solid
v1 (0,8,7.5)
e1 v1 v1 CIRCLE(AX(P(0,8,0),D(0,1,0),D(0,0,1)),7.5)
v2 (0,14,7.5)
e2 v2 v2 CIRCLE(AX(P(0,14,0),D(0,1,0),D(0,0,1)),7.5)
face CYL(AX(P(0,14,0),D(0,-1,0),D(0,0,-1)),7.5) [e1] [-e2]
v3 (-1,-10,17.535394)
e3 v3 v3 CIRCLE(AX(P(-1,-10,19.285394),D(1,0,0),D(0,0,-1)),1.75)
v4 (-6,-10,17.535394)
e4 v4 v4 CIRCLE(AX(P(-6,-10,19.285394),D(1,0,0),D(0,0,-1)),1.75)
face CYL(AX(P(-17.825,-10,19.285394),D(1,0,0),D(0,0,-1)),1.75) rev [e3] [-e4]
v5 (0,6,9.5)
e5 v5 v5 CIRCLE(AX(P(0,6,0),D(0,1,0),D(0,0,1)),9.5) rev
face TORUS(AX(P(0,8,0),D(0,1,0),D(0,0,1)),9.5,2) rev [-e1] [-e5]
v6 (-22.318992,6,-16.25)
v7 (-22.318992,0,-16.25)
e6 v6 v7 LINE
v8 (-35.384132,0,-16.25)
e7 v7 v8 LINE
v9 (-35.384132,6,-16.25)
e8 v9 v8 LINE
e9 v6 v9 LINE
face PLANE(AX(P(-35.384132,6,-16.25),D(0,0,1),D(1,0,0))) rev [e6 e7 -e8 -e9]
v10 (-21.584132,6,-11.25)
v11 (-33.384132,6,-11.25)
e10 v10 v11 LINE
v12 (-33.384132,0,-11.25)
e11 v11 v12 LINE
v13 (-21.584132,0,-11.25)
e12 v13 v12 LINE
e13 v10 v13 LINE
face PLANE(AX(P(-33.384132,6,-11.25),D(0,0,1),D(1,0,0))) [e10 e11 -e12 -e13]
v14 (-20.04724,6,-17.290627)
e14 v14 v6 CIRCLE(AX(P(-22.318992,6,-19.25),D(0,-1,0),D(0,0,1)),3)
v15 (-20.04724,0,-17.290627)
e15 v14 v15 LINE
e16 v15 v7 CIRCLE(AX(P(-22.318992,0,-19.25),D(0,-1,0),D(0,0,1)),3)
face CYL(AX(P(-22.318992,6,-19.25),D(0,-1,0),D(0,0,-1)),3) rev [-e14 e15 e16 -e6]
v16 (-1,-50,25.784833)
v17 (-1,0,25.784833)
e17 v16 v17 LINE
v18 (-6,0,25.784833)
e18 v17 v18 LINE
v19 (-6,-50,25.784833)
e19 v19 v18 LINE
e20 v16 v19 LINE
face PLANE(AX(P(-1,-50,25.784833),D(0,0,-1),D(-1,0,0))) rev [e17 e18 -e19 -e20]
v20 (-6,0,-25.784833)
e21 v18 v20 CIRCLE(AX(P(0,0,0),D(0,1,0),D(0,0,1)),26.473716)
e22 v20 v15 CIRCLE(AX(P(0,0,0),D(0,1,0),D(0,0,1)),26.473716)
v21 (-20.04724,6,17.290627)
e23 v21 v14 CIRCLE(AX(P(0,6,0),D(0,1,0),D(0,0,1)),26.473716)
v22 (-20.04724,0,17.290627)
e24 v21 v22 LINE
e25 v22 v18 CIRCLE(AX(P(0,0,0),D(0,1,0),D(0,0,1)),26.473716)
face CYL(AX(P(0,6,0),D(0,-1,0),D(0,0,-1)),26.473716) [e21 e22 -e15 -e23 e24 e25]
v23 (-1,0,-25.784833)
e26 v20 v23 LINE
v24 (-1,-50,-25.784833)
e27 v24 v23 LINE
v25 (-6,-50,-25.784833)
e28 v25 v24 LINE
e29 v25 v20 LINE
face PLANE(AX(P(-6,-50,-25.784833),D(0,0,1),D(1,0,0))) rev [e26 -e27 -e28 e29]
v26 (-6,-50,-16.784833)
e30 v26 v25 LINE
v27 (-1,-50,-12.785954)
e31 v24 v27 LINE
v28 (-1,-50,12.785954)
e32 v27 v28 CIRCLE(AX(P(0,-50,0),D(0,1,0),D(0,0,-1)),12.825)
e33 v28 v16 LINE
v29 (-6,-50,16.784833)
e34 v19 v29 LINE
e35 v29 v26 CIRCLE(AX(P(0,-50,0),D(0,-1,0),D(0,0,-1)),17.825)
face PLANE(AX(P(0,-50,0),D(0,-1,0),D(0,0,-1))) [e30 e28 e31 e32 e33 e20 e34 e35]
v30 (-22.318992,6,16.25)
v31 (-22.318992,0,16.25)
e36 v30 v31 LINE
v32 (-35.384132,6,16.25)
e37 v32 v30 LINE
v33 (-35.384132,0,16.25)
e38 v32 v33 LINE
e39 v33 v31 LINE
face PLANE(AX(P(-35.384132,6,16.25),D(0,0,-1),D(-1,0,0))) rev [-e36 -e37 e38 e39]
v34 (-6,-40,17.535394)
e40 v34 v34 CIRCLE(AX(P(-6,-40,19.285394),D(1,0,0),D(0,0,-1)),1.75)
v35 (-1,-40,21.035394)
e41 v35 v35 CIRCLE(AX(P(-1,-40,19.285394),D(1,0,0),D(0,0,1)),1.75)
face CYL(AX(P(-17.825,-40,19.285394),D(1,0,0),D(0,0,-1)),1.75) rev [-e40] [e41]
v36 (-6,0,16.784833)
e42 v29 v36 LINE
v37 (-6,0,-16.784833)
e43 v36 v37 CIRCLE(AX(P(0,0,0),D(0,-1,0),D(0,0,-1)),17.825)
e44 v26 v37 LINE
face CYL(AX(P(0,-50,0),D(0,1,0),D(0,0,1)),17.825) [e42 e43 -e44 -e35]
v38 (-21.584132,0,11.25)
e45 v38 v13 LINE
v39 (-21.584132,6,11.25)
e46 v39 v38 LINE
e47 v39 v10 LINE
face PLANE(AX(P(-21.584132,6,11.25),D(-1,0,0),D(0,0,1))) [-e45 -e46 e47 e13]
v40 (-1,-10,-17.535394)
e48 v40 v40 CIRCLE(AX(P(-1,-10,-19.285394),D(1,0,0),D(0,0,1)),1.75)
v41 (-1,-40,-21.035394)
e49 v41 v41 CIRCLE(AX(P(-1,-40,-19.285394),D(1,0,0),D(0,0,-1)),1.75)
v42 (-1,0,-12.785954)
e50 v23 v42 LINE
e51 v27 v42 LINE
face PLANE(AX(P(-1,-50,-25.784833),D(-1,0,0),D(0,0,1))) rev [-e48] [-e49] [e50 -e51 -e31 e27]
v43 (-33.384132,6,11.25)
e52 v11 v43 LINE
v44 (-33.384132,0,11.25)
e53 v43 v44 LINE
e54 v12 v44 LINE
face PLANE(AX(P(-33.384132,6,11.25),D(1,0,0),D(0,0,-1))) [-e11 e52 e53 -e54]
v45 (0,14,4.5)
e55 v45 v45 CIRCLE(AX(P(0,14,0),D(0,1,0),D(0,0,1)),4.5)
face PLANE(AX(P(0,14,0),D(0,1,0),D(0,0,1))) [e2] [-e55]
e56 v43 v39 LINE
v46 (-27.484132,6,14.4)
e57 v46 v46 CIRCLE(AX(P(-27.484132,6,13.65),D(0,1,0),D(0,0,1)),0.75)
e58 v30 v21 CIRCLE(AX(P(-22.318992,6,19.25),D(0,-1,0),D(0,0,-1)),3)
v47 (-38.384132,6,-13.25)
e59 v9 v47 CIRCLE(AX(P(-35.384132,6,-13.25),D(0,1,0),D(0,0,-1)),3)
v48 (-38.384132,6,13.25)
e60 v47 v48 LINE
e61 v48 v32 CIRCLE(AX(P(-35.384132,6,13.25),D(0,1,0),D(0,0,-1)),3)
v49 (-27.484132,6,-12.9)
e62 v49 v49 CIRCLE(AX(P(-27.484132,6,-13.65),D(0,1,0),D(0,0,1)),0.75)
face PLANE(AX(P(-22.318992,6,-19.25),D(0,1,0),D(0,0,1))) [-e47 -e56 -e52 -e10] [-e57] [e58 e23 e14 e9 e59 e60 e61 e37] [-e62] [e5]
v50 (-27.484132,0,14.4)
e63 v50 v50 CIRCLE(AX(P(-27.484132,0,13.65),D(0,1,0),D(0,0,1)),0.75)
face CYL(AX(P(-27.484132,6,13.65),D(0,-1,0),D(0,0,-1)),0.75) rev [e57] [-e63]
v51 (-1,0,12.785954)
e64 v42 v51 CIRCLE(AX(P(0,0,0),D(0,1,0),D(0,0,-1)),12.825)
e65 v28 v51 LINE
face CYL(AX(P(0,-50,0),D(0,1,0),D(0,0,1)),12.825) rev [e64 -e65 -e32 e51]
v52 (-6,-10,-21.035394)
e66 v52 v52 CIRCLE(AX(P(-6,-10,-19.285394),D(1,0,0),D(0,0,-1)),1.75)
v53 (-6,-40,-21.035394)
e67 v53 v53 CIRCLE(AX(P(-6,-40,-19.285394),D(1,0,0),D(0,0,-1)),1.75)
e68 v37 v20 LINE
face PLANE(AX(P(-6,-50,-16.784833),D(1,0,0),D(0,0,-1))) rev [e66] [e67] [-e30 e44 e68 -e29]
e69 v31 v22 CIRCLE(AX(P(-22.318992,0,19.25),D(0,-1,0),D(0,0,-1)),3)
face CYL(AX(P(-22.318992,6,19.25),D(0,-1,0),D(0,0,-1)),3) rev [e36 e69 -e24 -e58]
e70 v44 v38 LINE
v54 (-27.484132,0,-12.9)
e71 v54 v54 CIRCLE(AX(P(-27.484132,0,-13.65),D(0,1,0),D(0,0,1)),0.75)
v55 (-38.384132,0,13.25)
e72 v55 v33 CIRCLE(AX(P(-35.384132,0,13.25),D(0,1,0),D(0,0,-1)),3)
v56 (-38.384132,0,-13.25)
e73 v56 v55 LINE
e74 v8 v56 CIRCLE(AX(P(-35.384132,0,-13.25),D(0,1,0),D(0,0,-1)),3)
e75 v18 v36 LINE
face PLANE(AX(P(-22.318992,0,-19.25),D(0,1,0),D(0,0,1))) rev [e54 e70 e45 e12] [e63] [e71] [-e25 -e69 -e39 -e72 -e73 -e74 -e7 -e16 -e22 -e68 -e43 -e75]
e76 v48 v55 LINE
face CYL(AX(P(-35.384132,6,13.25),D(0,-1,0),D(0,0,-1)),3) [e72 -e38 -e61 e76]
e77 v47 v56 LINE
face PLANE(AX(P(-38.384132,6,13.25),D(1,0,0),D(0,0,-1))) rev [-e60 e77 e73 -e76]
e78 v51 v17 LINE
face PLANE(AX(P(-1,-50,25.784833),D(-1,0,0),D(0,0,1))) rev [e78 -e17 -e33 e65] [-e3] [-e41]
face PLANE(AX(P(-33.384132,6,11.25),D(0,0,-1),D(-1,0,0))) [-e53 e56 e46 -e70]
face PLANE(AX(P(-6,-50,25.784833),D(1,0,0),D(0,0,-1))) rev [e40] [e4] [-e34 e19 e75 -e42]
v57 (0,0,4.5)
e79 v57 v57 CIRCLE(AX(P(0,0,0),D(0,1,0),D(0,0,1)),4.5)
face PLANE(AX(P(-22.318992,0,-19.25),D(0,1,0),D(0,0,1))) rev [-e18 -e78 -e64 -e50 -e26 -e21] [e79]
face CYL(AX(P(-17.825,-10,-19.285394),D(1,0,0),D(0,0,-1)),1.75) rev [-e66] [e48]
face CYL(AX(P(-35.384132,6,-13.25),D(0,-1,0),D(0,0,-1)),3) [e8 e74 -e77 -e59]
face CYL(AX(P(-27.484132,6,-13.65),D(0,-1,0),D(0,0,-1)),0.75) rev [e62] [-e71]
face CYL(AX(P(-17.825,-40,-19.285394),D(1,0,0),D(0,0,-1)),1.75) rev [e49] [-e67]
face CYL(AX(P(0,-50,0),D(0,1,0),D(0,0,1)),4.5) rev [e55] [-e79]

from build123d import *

# Parameters (mm, degrees)
BOSS_EXTRUDE4_DEPTH = 50
SKETCH7_R           = 1.75
CUT_EXTRUDE1_DEPTH  = 17.825
SKETCH8_R           = 0.75
SKETCH8_W           = 11.8
SKETCH8_H           = 22.5
BOSS_EXTRUDE5_DEPTH = 6
SKETCH9_R           = 7.5
BOSS_EXTRUDE6_DEPTH = 8
FILLET1_R           = 2
SKETCH10_R          = 4.5
CUT_EXTRUDE2_DEPTH  = 65


with BuildPart() as part:
    # Sketch6 → Boss-Extrude4 (new body)
    with BuildSketch(Plane.XZ):
        with BuildLine():
            Line((-1, 25.784833184), (-1, 12.785954208))
            ThreePointArc((-1, 12.785954208), (-12.825, 0), (-1, -12.785954208))
            Line((-1, -12.785954208), (-1, -25.784833184))
            Line((-1, -25.784833184), (-6, -25.784833184))
            Line((-6, -25.784833184), (-6, -16.784833184))
            ThreePointArc((-6, -16.784833184), (-17.825, 0), (-6, 16.784833184))
            Line((-6, 16.784833184), (-6, 25.784833184))
            Line((-6, 25.784833184), (-1, 25.784833184))
        make_face()
    extrude(amount=BOSS_EXTRUDE4_DEPTH)

    # Sketch7 → Cut-Extrude1 (cut, through all)
    with BuildSketch(Plane(origin=(-1, 0, 0), x_dir=(0, 0, -1), z_dir=(1, 0, 0))):
        with Locations((-19.285393696, -10)):
            Circle(SKETCH7_R)
        with Locations((-19.285393696, -40)):
            Circle(SKETCH7_R)
        with Locations((19.285393696, -40)):
            Circle(SKETCH7_R)
        with Locations((19.285393696, -10)):
            Circle(SKETCH7_R)
    extrude(amount=-CUT_EXTRUDE1_DEPTH, mode=Mode.SUBTRACT)

    # Sketch8 → Boss-Extrude5 (add)
    with BuildSketch(Plane(origin=(0, 0, 0), x_dir=(1, 0, 0), z_dir=(0, 1, 0))):
        with BuildLine():
            Line((-35.384131785, -16.25), (-22.318992281, -16.25))
            ThreePointArc((-22.318992281, -16.25), (-21.069616181, -16.522536094), (-20.047240136, -17.290627093))
            ThreePointArc((-20.047240136, -17.290627093), (26.473715688, 0), (-20.047240136, 17.290627093))
            ThreePointArc((-20.047240136, 17.290627093), (-21.069616181, 16.522536094), (-22.318992281, 16.25))
            Line((-22.318992281, 16.25), (-35.384131785, 16.25))
            ThreePointArc((-35.384131785, 16.25), (-37.505452129, 15.371320344), (-38.384131785, 13.25))
            Line((-38.384131785, 13.25), (-38.384131785, -13.25))
            ThreePointArc((-38.384131785, -13.25), (-37.505452129, -15.371320344), (-35.384131785, -16.25))
        make_face()
        with Locations((-27.484131785, 13.65)):
            Circle(SKETCH8_R, mode=Mode.SUBTRACT)
        with Locations((-27.484131785, -13.65)):
            Circle(SKETCH8_R, mode=Mode.SUBTRACT)
        with Locations((-27.484131785, 0)):
            Rectangle(SKETCH8_W, SKETCH8_H, mode=Mode.SUBTRACT)
    extrude(amount=BOSS_EXTRUDE5_DEPTH)

    # Sketch9 → Boss-Extrude6 (add)
    with BuildSketch(Plane(origin=(0, 6, 0), x_dir=(1, 0, 0), z_dir=(0, 1, 0))):
        Circle(SKETCH9_R)
    extrude(amount=BOSS_EXTRUDE6_DEPTH)

    # Fillet1
    fillet1_edges = [part.edges().sort_by_distance(p)[0] for p in [
        (-7.5, 6, 0),
    ]]
    fillet(fillet1_edges, radius=FILLET1_R)

    # Sketch10 → Cut-Extrude2 (cut, through all)
    with BuildSketch(Plane(origin=(0, 14, 0), x_dir=(1, 0, 0), z_dir=(0, 1, 0))):
        Circle(SKETCH10_R)
    extrude(amount=-CUT_EXTRUDE2_DEPTH, mode=Mode.SUBTRACT)


solid = part.part
